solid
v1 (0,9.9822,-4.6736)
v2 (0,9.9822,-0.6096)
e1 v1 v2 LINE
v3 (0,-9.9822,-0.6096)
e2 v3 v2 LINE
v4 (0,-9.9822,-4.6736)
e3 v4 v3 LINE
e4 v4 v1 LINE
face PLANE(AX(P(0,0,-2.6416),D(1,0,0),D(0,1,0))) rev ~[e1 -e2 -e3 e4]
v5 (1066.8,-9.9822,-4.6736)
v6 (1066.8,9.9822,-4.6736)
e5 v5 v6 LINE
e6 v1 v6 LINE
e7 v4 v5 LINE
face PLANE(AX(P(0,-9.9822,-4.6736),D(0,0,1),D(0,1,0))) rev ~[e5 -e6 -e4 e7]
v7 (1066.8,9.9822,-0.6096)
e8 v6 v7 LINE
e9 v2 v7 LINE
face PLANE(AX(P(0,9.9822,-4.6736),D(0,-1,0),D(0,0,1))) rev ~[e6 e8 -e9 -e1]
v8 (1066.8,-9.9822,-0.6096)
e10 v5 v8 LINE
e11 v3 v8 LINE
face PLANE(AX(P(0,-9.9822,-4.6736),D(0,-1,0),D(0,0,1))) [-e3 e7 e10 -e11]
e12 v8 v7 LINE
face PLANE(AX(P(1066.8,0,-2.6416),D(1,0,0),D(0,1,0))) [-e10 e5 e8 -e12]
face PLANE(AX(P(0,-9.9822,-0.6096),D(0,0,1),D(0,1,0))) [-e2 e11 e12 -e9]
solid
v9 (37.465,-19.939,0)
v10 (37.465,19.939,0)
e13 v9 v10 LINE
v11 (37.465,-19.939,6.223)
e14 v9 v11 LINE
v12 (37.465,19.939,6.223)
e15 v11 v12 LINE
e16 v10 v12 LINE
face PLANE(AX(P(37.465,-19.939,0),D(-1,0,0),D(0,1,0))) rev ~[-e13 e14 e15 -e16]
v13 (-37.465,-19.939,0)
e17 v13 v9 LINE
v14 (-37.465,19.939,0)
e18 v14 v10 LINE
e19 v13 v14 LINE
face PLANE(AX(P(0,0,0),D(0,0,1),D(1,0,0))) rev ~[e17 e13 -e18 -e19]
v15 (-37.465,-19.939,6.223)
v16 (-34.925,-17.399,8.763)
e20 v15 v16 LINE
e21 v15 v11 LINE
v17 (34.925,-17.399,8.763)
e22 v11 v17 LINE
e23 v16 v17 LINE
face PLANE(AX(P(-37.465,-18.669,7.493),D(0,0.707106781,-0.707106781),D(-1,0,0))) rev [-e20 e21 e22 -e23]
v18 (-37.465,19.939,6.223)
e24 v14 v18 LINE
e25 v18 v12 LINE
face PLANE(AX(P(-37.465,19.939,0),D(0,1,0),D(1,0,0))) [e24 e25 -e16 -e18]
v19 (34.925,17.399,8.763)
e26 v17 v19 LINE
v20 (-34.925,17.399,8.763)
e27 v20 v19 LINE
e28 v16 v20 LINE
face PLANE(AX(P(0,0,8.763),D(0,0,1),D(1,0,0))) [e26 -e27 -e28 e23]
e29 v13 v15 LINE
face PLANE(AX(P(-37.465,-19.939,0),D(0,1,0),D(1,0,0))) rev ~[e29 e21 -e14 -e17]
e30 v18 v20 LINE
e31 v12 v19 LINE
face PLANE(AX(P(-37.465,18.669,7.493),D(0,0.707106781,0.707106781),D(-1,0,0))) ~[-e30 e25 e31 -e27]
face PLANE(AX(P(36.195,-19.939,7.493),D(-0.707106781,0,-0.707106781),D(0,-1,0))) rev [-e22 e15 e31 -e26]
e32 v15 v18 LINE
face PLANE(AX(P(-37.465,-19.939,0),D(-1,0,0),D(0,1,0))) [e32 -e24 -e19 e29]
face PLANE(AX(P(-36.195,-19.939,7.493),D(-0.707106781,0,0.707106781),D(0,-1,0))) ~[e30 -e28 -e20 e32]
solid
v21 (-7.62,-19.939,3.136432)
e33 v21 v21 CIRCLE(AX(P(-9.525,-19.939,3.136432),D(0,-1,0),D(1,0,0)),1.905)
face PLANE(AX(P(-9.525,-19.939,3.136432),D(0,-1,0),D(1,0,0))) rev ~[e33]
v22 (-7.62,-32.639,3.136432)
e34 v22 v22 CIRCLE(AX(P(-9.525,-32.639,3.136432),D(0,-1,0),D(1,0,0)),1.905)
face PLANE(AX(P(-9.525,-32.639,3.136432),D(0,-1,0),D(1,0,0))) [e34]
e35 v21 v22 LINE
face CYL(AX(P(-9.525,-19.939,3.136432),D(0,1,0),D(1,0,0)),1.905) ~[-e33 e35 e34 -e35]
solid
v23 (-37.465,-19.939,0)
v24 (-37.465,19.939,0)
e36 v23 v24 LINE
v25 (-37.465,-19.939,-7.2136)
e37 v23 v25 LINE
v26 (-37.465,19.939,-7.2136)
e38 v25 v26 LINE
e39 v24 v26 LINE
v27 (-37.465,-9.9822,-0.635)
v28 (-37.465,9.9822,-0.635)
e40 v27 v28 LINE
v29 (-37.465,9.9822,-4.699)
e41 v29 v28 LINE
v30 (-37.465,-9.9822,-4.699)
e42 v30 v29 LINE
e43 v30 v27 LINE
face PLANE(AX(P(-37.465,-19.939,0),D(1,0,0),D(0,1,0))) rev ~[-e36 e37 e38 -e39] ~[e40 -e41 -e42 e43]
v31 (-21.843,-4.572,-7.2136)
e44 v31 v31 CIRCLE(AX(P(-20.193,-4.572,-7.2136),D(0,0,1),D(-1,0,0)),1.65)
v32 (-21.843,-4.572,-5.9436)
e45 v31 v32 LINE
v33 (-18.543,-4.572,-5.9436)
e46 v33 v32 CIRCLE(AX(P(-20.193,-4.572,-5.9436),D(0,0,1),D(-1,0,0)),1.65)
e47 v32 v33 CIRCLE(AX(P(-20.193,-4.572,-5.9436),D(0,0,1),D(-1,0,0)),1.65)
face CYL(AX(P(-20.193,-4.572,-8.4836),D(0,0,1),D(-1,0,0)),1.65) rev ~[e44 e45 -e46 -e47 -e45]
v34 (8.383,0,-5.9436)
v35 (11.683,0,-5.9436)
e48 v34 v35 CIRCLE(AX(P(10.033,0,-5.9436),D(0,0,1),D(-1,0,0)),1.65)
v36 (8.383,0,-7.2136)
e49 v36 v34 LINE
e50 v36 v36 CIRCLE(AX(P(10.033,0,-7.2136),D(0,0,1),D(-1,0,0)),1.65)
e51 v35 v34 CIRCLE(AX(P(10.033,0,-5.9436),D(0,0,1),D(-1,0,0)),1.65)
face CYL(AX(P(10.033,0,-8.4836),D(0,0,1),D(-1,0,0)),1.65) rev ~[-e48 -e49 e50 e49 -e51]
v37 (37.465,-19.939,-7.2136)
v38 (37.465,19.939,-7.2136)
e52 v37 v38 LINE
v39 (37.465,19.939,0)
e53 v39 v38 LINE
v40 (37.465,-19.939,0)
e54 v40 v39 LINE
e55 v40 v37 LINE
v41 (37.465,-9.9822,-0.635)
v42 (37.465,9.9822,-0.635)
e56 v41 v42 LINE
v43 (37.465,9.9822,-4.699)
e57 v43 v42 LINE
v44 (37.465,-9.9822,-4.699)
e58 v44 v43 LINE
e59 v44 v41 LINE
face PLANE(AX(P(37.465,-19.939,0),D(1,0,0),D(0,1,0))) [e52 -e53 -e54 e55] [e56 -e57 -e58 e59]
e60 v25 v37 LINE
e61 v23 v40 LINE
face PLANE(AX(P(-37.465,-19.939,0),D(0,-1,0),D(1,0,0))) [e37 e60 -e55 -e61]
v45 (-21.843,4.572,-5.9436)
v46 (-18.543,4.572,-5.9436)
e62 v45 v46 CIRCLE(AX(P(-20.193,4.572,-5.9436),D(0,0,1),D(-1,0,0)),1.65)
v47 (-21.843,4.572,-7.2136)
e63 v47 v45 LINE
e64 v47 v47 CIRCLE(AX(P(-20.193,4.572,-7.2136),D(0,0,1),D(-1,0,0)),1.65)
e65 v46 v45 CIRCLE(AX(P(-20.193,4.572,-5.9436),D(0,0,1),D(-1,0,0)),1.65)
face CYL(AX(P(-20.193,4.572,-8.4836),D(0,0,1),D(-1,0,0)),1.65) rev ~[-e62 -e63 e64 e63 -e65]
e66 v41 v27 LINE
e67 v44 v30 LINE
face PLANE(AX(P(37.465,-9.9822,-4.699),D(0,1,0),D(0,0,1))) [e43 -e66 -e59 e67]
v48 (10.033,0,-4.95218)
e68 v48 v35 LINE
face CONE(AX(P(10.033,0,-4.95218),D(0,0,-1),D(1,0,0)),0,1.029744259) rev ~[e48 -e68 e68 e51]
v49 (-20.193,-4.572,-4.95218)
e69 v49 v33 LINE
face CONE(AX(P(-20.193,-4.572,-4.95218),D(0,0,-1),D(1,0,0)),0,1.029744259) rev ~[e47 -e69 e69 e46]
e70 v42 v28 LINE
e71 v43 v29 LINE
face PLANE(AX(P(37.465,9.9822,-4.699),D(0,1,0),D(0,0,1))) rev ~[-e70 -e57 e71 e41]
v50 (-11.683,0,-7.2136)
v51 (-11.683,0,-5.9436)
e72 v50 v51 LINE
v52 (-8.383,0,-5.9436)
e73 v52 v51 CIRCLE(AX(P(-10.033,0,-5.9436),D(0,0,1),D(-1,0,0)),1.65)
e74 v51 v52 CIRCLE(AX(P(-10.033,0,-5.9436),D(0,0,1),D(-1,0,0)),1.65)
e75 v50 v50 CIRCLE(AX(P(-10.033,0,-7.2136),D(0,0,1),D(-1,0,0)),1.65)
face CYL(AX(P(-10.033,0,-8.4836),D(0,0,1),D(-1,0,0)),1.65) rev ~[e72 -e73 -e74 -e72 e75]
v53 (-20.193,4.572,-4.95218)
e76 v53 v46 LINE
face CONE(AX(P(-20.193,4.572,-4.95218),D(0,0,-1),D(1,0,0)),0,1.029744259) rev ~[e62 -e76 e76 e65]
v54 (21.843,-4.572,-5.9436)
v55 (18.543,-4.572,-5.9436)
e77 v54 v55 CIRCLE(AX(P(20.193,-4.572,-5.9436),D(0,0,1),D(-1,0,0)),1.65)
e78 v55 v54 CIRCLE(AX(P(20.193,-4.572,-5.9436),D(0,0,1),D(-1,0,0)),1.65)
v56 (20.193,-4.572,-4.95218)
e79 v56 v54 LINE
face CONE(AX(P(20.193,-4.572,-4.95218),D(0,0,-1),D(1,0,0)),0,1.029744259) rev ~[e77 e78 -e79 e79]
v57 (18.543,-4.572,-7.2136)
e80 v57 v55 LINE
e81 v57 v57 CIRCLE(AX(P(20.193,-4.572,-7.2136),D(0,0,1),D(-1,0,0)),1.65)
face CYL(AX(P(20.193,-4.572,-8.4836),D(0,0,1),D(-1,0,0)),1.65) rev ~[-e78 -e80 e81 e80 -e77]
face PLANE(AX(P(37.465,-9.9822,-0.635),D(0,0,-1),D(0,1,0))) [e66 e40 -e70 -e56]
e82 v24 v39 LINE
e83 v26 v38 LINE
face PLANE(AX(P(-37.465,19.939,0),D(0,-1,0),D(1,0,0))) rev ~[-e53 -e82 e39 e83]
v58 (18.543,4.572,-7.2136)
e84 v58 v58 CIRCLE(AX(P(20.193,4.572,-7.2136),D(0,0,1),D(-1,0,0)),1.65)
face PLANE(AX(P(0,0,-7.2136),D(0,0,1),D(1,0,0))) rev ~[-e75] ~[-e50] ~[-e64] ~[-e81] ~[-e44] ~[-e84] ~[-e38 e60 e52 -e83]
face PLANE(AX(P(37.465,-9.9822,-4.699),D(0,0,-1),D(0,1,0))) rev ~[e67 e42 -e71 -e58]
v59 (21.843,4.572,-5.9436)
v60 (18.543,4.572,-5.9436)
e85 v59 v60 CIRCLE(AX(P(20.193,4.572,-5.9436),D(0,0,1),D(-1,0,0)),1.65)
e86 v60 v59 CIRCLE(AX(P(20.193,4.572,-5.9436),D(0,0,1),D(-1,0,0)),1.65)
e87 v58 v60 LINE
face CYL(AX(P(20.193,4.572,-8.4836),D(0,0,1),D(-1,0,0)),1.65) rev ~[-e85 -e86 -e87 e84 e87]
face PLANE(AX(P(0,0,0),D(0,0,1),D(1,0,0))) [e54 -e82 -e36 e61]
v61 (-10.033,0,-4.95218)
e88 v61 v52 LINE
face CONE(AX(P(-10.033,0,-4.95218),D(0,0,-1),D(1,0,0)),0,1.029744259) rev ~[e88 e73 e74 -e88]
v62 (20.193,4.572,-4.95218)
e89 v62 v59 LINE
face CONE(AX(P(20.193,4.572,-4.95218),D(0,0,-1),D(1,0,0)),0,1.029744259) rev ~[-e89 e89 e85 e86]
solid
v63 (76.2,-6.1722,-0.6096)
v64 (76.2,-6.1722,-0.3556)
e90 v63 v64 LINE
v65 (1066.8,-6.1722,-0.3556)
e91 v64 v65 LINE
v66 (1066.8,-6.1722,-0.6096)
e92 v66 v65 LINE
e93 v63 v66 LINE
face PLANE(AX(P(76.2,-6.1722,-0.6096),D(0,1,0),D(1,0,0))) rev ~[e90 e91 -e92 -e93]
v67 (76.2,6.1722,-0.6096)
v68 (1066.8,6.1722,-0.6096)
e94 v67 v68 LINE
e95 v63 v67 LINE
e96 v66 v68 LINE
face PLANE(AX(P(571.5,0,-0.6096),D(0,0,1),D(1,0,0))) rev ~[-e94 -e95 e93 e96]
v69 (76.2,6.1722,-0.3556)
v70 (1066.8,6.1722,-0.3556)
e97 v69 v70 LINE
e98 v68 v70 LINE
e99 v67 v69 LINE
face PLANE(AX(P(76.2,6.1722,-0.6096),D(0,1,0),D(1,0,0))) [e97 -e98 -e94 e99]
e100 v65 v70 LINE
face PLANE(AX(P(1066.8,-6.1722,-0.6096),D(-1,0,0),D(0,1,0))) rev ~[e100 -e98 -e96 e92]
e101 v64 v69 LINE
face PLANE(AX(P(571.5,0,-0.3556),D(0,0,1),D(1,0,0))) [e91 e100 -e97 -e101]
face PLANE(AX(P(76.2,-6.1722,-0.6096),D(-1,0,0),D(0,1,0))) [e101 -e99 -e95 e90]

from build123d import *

# Parameters (mm, degrees)
F0_W      = 74.93
F0_H      = 39.878
F1_DEPTH  = 7.2136
F2_W      = 74.93
F2_H      = 39.878
F3_DEPTH  = 8.763
F4_SIZE   = 2.54
F5_R      = 1.905
F6_DEPTH  = 12.7
F7_W      = 19.9644
F7_H      = 4.064
F8_DEPTH  = 74.931
F10_W     = 19.9644
F10_H     = 4.064
F11_DEPTH = 1066.8
F12_W     = 990.6
F12_H     = 12.3444
F13_DEPTH = 0.254
F14_D     = 3.3
F14_DEPTH = 1.27
F14_TIP   = 0.9914200214


with BuildPart() as f1:
    # F0 (on Top) → F1 (new body)
    with BuildSketch(Plane.XY):
        Rectangle(F0_W, F0_H)
    extrude(amount=-F1_DEPTH)

    # F7 (on face) → F8 (cut, through all)
    with BuildSketch(Plane.YZ.offset(37.465)):
        with Locations((0, -2.667)):
            Rectangle(F7_W, F7_H)
    extrude(amount=-F8_DEPTH, mode=Mode.SUBTRACT)

    # F14
    with Locations(Plane(origin=(0, 0, -7.2136), x_dir=(1, 0, 0), z_dir=(0, 0, -1))):
        with Locations((20.193, 4.572), (20.193, -4.572), (10.033, 0), (-10.033, 0), (-20.193, 4.572), (-20.193, -4.572)):
            Hole(F14_D / 2, depth=F14_DEPTH)
            with Locations((0, 0, -(F14_DEPTH + F14_TIP / 2))):  # 118° drill point
                Cone(0, F14_D / 2, F14_TIP, mode=Mode.SUBTRACT)


with BuildPart() as f3:
    # F2 (on face) → F3 (new body)
    with BuildSketch(Plane.XY):
        Rectangle(F2_W, F2_H)
    extrude(amount=F3_DEPTH)

    # F4
    f4_edges = [f3.edges().sort_by_distance(p)[0] for p in [
        (37.465, 0, 8.763),
        (0, 19.939, 8.763),
        (-37.465, 0, 8.763),
        (0, -19.939, 8.763),
    ]]
    chamfer(f4_edges, length=F4_SIZE)


with BuildPart() as f6:
    # F5 (on face) → F6 (new body)
    with BuildSketch(Plane.XZ.offset(19.939)):
        with Locations((-9.525, 3.1364320312)):
            Circle(F5_R)
    extrude(amount=F6_DEPTH)


with BuildPart() as f11:
    # F10 (on Right) → F11 (new body)
    with BuildSketch(Plane.YZ):
        with Locations((0, -2.6416)):
            Rectangle(F10_W, F10_H)
    extrude(amount=F11_DEPTH)


with BuildPart() as f13:
    # F12 (on face) → F13 (new body)
    with BuildSketch(Plane.XY.offset(-0.6096)):
        with Locations((571.5, 0)):
            Rectangle(F12_W, F12_H)
    extrude(amount=F13_DEPTH)


solid = Compound([f1.part, f3.part, f6.part, f11.part, f13.part])
